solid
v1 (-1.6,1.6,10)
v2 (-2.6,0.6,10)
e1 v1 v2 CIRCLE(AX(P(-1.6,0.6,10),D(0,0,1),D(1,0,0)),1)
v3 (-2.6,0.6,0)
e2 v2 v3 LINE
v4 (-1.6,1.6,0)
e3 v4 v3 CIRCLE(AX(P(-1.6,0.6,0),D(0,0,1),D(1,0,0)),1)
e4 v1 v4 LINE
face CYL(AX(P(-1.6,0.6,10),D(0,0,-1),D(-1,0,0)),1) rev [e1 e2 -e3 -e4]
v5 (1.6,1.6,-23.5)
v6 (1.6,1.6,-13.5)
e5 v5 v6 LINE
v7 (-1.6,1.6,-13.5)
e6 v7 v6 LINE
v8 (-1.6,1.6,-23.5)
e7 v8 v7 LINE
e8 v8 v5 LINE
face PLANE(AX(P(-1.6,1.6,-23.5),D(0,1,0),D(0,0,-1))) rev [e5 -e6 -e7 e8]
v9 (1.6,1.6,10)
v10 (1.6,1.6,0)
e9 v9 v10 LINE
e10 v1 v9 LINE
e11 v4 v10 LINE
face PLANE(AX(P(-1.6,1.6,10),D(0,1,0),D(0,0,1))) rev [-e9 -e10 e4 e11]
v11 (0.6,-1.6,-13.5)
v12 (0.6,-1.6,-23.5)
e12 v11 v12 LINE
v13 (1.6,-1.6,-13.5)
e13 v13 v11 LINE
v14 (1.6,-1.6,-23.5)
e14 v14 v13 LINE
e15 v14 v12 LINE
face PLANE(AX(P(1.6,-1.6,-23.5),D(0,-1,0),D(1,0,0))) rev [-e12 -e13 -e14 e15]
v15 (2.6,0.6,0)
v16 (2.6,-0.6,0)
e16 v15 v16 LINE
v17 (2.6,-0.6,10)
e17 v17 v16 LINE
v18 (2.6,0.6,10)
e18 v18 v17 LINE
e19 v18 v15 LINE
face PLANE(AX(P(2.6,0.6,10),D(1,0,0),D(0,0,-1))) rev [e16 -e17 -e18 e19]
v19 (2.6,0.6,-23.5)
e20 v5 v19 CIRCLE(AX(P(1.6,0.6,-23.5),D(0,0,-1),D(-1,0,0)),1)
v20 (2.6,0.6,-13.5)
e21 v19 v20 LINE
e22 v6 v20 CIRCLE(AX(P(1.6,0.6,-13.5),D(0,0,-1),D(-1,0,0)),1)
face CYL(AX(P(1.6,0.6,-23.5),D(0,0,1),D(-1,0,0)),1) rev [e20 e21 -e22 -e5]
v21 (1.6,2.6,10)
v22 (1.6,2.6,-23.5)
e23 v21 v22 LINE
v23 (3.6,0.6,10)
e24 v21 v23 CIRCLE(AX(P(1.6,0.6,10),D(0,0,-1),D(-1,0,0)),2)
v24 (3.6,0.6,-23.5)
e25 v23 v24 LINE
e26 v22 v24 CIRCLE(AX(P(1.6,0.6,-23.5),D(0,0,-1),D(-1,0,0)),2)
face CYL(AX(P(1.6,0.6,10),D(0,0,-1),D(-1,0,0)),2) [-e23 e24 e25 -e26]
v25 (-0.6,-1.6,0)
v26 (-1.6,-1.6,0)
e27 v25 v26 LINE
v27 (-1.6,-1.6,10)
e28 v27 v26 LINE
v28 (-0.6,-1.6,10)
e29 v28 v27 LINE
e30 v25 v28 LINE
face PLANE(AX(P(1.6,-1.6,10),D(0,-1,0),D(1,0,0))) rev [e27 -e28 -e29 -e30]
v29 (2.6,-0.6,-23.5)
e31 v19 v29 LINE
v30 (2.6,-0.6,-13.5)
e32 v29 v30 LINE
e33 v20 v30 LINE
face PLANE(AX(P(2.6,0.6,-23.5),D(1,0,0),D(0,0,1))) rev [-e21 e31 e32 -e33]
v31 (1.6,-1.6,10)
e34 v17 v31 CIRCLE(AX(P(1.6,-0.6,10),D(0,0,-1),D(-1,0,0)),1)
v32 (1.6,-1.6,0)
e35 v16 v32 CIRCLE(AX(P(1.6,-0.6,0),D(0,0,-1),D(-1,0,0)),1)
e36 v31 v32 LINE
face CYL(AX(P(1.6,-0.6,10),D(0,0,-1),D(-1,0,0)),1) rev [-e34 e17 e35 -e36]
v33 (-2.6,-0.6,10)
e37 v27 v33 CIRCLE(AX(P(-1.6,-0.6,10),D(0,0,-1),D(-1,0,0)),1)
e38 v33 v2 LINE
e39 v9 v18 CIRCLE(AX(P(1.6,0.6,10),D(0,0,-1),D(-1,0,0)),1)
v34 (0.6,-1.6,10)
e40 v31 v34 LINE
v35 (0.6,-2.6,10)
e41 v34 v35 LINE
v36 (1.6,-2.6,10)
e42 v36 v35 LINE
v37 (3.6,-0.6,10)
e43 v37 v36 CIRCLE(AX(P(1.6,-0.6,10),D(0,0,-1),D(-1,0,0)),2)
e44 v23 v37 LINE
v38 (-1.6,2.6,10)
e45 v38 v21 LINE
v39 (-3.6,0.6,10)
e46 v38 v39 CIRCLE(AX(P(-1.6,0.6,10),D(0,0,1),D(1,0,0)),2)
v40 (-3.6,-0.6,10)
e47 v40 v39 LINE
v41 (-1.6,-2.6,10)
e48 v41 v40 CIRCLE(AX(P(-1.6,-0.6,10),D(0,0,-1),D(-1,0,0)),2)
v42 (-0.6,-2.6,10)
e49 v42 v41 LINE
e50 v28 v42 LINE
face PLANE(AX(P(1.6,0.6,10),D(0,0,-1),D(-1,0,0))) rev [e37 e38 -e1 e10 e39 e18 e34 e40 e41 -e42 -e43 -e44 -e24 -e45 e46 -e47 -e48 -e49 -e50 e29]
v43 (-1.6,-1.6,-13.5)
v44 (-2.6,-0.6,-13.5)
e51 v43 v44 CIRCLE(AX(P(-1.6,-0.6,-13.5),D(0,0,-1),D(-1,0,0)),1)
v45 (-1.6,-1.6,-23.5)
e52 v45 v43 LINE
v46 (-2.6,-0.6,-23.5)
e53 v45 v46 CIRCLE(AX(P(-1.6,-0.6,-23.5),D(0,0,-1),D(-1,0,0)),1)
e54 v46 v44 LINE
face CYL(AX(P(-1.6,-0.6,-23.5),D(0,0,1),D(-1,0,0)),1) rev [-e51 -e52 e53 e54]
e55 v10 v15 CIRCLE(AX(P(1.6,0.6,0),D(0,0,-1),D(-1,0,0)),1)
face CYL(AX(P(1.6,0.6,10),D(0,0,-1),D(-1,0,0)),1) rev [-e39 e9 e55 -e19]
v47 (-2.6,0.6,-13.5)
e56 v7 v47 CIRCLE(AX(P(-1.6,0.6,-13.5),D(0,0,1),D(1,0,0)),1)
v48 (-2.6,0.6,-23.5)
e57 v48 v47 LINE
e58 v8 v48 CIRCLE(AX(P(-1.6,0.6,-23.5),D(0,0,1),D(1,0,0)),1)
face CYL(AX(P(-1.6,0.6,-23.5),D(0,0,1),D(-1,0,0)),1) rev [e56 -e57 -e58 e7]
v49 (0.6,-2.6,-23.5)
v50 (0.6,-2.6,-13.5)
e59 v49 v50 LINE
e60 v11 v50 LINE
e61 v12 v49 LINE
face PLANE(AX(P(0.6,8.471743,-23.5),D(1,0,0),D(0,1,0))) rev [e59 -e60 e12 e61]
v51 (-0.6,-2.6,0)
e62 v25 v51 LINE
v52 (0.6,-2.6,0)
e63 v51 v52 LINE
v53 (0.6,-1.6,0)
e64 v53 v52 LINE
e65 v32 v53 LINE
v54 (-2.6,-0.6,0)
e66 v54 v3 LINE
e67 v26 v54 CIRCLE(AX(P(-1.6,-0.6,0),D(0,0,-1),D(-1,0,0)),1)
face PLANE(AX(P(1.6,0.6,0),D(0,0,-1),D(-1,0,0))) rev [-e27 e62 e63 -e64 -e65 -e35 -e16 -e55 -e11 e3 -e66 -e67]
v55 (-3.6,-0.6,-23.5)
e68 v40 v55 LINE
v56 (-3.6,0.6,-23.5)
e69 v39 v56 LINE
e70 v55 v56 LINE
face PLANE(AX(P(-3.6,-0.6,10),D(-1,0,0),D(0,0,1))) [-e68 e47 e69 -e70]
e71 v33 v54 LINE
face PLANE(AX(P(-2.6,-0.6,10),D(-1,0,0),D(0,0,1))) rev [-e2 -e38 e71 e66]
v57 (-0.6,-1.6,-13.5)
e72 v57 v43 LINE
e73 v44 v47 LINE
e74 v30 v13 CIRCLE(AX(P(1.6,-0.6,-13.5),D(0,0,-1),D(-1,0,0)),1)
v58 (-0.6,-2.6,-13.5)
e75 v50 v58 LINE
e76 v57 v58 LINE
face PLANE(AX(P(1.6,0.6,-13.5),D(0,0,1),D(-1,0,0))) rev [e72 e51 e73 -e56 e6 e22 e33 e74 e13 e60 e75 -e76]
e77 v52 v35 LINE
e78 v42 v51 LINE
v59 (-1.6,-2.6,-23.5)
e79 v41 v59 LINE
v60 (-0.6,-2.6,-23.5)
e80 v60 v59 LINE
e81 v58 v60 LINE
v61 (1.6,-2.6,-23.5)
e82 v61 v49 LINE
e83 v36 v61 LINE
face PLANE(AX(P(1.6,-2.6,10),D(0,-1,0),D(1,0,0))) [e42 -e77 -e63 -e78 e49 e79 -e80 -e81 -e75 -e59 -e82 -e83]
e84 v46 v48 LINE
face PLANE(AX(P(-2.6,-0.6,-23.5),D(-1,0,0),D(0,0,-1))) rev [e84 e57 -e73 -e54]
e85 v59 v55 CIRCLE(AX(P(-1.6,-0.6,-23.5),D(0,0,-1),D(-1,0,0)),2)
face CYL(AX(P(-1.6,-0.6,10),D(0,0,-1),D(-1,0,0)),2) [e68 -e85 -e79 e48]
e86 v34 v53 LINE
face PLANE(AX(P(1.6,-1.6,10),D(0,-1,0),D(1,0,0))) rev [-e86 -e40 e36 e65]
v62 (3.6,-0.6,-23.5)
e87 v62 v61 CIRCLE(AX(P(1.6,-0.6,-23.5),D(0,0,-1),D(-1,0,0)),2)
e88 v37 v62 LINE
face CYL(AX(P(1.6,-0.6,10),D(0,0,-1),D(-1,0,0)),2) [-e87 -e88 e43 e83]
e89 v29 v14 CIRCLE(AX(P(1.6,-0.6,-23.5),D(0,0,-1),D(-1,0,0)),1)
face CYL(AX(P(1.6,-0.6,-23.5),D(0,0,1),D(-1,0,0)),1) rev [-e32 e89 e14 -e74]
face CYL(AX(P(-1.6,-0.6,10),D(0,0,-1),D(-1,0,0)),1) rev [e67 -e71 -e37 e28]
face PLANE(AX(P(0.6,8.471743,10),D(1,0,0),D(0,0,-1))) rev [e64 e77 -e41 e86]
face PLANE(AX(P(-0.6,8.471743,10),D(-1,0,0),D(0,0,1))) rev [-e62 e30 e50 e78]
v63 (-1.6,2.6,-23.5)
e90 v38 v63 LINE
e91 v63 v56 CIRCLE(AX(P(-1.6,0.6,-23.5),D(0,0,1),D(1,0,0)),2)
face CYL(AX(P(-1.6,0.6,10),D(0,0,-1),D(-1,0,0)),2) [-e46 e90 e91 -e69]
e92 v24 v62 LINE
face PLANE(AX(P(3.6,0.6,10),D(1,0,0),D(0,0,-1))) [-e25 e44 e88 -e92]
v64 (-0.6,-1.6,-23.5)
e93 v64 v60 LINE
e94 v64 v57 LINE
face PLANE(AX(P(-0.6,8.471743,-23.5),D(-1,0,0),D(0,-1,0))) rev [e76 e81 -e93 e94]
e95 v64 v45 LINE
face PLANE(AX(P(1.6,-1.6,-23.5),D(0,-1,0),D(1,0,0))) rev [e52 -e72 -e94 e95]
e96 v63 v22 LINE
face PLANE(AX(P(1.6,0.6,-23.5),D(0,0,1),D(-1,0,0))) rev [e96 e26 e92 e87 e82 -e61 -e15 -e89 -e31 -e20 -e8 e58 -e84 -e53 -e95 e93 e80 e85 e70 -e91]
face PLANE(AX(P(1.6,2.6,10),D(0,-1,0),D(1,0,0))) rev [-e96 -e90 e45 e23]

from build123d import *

# Parameters (mm, degrees)
BOSS_EXTRU_2_DEPTH      = 10
BOSS_EXTRU_4_DEPTH      = 6.75
ESQUISSE5_W             = 1.2
ESQUISSE5_H             = 10
ENL_V_MAT_EXTRU_1_DEPTH = 1


with BuildPart() as part:
    # Esquisse1 → Boss.-Extru.2 (new body)
    with BuildSketch(Plane.XY):
        with BuildLine():
            Line((3.6, -0.6), (3.6, 0.6))
            ThreePointArc((3.6, 0.6), (3.014213562, 2.014213562), (1.6, 2.6))
            Line((1.6, 2.6), (0.167949192, 2.6))
            Line((0.167949192, 2.6), (-1.6, 2.6))
            ThreePointArc((-1.6, 2.6), (-3.014213562, 2.014213562), (-3.6, 0.6))
            Line((-3.6, 0.6), (-3.6, -0.6))
            ThreePointArc((-3.6, -0.6), (-3.014213562, -2.014213562), (-1.6, -2.6))
            Line((-1.6, -2.6), (1.6, -2.6))
            ThreePointArc((1.6, -2.6), (3.014213562, -2.014213562), (3.6, -0.6))
        make_face()
        with BuildLine():
            ThreePointArc((1.6, 1.6), (2.307106781, 1.307106781), (2.6, 0.6))
            Line((2.6, 0.6), (2.6, -0.6))
            ThreePointArc((2.6, -0.6), (2.307106781, -1.307106781), (1.6, -1.6))
            Line((1.6, -1.6), (-1.6, -1.6))
            ThreePointArc((-1.6, -1.6), (-2.307106781, -1.307106781), (-2.6, -0.6))
            Line((-2.6, -0.6), (-2.6, 0.6))
            ThreePointArc((-2.6, 0.6), (-2.307106781, 1.307106781), (-1.6, 1.6))
            Line((-1.6, 1.6), (1.6, 1.6))
        make_face(mode=Mode.SUBTRACT)
    boss_extru_2 = extrude(amount=BOSS_EXTRU_2_DEPTH)

    # Esquisse7 → Boss.-Extru.4 (add)
    with BuildSketch(Plane(origin=(0, 0, 0), x_dir=(-1, 0, 0), z_dir=(0, 0, -1))):
        with BuildLine():
            Line((-3.6, 0.6), (-3.6, -0.6))
            ThreePointArc((-3.6, -0.6), (-3.014213562, -2.014213562), (-1.6, -2.6))
            Line((-1.6, -2.6), (1.6, -2.6))
            ThreePointArc((1.6, -2.6), (3.014213562, -2.014213562), (3.6, -0.6))
            Line((3.6, -0.6), (3.6, 0.6))
            ThreePointArc((3.6, 0.6), (3.014213562, 2.014213562), (1.6, 2.6))
            Line((1.6, 2.6), (-1.6, 2.6))
            ThreePointArc((-1.6, 2.6), (-3.014213562, 2.014213562), (-3.6, 0.6))
        make_face()
    boss_extru_4 = extrude(amount=BOSS_EXTRU_4_DEPTH)

    # Symétrie1: Boss.-Extru.2, Boss.-Extru.4 across plane
    add(boss_extru_2.mirror(Plane(origin=(1.6, 0.6, -6.75), x_dir=(1, 0, 0), z_dir=(0, 0, -1))))
    add(boss_extru_4.mirror(Plane(origin=(1.6, 0.6, -6.75), x_dir=(1, 0, 0), z_dir=(0, 0, -1))))

    # Esquisse5 → Enlèv. mat.-Extru.1 (cut)
    with BuildSketch(Plane.XZ.offset(2.6)):
        with Locations((0, -18.5)):
            Rectangle(ESQUISSE5_W, ESQUISSE5_H)
        with Locations((0, 5)):
            Rectangle(ESQUISSE5_W, ESQUISSE5_H)
    extrude(amount=-ENL_V_MAT_EXTRU_1_DEPTH, mode=Mode.SUBTRACT)


solid = part.part
